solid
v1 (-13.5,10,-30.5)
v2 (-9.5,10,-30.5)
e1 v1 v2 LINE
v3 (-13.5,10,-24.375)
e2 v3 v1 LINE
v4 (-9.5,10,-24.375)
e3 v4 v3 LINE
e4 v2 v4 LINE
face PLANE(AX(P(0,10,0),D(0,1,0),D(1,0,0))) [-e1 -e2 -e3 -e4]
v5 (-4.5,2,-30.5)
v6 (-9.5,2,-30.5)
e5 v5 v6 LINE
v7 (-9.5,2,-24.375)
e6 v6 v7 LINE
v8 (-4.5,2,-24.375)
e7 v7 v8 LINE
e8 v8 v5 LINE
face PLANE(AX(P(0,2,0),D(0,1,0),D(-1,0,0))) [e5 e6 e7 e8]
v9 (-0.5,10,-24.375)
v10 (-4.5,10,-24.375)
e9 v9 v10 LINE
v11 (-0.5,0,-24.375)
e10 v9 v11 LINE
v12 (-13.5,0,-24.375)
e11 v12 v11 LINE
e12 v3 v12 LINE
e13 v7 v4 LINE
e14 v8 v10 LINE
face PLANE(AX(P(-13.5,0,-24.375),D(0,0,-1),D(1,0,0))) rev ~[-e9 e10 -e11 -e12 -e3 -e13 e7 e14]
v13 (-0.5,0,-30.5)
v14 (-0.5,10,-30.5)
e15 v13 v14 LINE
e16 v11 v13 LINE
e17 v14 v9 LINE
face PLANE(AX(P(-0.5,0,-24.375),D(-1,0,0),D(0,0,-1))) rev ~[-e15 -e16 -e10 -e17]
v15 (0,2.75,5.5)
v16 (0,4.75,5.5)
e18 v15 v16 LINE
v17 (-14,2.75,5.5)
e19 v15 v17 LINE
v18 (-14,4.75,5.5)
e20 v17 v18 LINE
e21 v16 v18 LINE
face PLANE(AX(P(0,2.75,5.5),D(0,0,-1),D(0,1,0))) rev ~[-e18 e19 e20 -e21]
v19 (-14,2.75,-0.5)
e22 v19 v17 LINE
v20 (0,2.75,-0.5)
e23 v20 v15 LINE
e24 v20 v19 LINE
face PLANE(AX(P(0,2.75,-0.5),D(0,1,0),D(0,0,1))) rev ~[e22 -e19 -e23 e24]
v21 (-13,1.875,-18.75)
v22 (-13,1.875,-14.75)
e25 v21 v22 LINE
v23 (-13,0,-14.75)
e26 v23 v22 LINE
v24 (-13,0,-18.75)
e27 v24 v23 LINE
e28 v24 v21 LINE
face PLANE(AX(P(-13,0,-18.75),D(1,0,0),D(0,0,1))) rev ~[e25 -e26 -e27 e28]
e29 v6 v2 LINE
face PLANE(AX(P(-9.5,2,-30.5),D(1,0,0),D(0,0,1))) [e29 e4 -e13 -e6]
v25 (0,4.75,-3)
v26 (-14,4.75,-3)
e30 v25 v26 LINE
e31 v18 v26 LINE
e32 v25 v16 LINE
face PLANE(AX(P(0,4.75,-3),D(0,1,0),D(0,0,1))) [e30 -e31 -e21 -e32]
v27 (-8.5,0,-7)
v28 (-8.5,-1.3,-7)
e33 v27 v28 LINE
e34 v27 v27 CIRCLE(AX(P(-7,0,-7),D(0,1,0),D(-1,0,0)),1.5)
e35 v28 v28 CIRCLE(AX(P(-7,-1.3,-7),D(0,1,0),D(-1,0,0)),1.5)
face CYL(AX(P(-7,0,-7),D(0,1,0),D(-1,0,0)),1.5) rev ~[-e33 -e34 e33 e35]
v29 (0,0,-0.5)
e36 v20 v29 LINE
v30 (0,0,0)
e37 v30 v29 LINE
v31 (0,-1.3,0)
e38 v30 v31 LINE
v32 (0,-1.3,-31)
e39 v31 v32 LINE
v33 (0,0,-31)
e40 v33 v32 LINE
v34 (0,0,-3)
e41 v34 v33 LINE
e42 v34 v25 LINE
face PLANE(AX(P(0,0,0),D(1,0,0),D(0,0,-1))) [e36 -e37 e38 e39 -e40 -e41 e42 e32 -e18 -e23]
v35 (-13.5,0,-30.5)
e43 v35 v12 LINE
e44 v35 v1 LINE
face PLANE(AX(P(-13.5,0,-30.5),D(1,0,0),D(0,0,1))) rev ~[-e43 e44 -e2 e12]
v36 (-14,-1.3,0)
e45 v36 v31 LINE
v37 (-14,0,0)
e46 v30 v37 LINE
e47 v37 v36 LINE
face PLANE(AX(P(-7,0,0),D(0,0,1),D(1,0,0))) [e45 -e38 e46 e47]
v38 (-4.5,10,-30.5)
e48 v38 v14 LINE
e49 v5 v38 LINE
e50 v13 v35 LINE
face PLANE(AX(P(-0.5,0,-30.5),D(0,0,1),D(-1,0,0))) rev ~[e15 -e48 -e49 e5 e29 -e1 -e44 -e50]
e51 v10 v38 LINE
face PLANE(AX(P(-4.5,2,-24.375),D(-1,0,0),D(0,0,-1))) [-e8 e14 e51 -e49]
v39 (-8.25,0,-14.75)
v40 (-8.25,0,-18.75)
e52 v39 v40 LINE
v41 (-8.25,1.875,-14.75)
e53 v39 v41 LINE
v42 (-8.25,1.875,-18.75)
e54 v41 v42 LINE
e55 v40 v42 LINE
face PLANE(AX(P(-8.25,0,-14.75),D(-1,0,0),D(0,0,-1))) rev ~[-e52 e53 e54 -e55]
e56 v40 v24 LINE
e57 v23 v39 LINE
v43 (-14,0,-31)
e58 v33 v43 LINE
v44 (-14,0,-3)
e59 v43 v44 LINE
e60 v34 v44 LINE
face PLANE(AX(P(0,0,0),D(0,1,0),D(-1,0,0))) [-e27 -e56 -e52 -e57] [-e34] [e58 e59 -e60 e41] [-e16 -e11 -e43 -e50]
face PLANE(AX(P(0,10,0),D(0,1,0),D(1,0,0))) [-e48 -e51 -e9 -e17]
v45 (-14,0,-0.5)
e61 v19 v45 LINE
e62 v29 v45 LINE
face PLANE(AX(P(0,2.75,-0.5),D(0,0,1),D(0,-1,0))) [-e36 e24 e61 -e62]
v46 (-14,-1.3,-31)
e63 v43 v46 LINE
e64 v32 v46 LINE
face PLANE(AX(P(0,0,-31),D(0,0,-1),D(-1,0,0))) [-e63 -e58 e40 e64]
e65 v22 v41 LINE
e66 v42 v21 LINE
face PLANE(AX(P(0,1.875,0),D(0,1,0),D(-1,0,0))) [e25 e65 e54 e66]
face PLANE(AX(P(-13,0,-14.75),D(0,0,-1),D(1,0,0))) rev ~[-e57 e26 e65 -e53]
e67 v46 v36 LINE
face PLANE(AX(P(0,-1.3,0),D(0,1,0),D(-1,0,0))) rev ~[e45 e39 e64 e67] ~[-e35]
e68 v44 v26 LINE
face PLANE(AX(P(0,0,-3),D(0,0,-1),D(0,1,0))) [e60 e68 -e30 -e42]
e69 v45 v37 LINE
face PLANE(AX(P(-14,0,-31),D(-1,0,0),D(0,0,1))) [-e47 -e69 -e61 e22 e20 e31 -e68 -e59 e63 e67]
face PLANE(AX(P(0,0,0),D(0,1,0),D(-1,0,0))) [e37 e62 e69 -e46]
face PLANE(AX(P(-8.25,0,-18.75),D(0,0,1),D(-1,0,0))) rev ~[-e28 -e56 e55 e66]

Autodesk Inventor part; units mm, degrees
ref_plane "YZ Plane" through (0, 0, 0) normal (1, 0, 0) x (0, 1, 0)
ref_plane "XZ Plane" through (0, 0, 0) normal (0, 1, 0) x (-1, 0, 0)
ref_plane "XY Plane" through (0, 0, 0) normal (0, 0, 1) x (1, 0, 0)
sketch "Sketch1" plane through (0, 0, 0) normal (0, 1, 0) x (-1, 0, 0)
  line L0 (0, -31) -> (14, -31)
  line L1 (14, -31) -> (14, 0)
  line L2 (14, 0) -> (7, 0)
  line L3 (0, 0) -> (0, -31)
  line L4 (0.5, -30.5) -> (13.5, -30.5)
  line L5 (13.5, -30.5) -> (13.5, -24.375)
  line L6 (13.5, -24.375) -> (0.5, -24.375)
  line L7 (0.5, -24.375) -> (0.5, -30.5)
  circle A0 centre (7, -7) radius 1.5
  line L8 (7, 0) -> (7, -31) construction
  line L9 (7, 0) -> (0, 0)
  line L10 (13, -14.75) -> (8.25, -14.75)
  line L11 (8.25, -14.75) -> (8.25, -18.75)
  line L12 (8.25, -18.75) -> (13, -18.75)
  line L13 (13, -18.75) -> (13, -14.75)
  dimension "d0" = 14
  dimension "d1" = 31
  dimension "d2" = 0.5
  dimension "d3" = 13
  dimension "d4" = 6.125
  dimension "d5" = 0.5
  dimension "d7" = 3
  dimension "d8" = 7
  dimension "d9" = 1
  dimension "d10" = 14.75
  dimension "d11" = 4
  dimension "d12" = 4.75
extrude "Extrusion1" add sketch "Sketch1" against normal blind 1.3 contours L3 L9 L2 L1 L0 | L7 L6 L5 L4 | L13 L12 L11 L10
extrude "Extrusion2" add sketch "Sketch1" along normal blind 2 contours L7 L6 L5 L4
extrude "Extrusion3" add sketch "Sketch1" along normal blind 1.875 contours L13 L12 L11 L10
sketch "Sketch2" plane through (0, 2, 0) normal (0, 1, 0) x (1, 0, 0)
  line L0 (-13.5, 30.5) -> (-0.5, 30.5) projected
  line L1 (-0.5, 24.375) -> (-13.5, 24.375) projected
  line L2 (-4.5, 30.5) -> (-0.5, 30.5)
  line L3 (-0.5, 30.5) -> (-0.5, 24.375)
  line L4 (-0.5, 24.375) -> (-4.5, 24.375)
  line L5 (-4.5, 24.375) -> (-4.5, 30.5)
  line L6 (-13.5, 24.375) -> (-13.5, 30.5) projected
  line L7 (-13.5, 30.5) -> (-9.5, 30.5)
  line L8 (-9.5, 30.5) -> (-9.5, 24.375)
  line L9 (-9.5, 24.375) -> (-13.5, 24.375)
  line L10 (-13.5, 24.375) -> (-13.5, 30.5)
  point P0 (0, 0)
  dimension "d19" = 4
  dimension "d20" = 4
extrude "Extrusion4" add sketch "Sketch2" along normal blind 8 contours L0 L8 L1 L6 | L0 L3 L1 L5
sketch "Sketch3" plane through (0, 0, 0) normal (1, 0, 0) x (0, 1, 0)
  line L0 (0, 0) -> (0, -31) projected
  line L1 (0, -3) -> (4.75, -3)
  line L2 (4.75, -3) -> (4.75, -0.5)
  line L3 (4.75, -0.5) -> (0, -0.5)
  line L4 (0, -0.5) -> (0, -3)
  line L5 (0, 0) -> (-1.3, 0) projected
  line L6 (4.75, -0.5) -> (2.75, -0.5)
  line L7 (2.75, -0.5) -> (2.75, 5.5)
  line L8 (2.75, 5.5) -> (4.75, 5.5)
  line L9 (4.75, 5.5) -> (4.75, -0.5)
  point P0 (0, -0.5)
  dimension "d23" = 4.75
  dimension "d24" = 2.5
  dimension "d25" = 0.5
  dimension "d26" = 8.5
  dimension "d27" = 2
extrude "Extrusion5" add sketch "Sketch3" against normal up to surface (14 mm away)
properties part number "LM393 encoder"
